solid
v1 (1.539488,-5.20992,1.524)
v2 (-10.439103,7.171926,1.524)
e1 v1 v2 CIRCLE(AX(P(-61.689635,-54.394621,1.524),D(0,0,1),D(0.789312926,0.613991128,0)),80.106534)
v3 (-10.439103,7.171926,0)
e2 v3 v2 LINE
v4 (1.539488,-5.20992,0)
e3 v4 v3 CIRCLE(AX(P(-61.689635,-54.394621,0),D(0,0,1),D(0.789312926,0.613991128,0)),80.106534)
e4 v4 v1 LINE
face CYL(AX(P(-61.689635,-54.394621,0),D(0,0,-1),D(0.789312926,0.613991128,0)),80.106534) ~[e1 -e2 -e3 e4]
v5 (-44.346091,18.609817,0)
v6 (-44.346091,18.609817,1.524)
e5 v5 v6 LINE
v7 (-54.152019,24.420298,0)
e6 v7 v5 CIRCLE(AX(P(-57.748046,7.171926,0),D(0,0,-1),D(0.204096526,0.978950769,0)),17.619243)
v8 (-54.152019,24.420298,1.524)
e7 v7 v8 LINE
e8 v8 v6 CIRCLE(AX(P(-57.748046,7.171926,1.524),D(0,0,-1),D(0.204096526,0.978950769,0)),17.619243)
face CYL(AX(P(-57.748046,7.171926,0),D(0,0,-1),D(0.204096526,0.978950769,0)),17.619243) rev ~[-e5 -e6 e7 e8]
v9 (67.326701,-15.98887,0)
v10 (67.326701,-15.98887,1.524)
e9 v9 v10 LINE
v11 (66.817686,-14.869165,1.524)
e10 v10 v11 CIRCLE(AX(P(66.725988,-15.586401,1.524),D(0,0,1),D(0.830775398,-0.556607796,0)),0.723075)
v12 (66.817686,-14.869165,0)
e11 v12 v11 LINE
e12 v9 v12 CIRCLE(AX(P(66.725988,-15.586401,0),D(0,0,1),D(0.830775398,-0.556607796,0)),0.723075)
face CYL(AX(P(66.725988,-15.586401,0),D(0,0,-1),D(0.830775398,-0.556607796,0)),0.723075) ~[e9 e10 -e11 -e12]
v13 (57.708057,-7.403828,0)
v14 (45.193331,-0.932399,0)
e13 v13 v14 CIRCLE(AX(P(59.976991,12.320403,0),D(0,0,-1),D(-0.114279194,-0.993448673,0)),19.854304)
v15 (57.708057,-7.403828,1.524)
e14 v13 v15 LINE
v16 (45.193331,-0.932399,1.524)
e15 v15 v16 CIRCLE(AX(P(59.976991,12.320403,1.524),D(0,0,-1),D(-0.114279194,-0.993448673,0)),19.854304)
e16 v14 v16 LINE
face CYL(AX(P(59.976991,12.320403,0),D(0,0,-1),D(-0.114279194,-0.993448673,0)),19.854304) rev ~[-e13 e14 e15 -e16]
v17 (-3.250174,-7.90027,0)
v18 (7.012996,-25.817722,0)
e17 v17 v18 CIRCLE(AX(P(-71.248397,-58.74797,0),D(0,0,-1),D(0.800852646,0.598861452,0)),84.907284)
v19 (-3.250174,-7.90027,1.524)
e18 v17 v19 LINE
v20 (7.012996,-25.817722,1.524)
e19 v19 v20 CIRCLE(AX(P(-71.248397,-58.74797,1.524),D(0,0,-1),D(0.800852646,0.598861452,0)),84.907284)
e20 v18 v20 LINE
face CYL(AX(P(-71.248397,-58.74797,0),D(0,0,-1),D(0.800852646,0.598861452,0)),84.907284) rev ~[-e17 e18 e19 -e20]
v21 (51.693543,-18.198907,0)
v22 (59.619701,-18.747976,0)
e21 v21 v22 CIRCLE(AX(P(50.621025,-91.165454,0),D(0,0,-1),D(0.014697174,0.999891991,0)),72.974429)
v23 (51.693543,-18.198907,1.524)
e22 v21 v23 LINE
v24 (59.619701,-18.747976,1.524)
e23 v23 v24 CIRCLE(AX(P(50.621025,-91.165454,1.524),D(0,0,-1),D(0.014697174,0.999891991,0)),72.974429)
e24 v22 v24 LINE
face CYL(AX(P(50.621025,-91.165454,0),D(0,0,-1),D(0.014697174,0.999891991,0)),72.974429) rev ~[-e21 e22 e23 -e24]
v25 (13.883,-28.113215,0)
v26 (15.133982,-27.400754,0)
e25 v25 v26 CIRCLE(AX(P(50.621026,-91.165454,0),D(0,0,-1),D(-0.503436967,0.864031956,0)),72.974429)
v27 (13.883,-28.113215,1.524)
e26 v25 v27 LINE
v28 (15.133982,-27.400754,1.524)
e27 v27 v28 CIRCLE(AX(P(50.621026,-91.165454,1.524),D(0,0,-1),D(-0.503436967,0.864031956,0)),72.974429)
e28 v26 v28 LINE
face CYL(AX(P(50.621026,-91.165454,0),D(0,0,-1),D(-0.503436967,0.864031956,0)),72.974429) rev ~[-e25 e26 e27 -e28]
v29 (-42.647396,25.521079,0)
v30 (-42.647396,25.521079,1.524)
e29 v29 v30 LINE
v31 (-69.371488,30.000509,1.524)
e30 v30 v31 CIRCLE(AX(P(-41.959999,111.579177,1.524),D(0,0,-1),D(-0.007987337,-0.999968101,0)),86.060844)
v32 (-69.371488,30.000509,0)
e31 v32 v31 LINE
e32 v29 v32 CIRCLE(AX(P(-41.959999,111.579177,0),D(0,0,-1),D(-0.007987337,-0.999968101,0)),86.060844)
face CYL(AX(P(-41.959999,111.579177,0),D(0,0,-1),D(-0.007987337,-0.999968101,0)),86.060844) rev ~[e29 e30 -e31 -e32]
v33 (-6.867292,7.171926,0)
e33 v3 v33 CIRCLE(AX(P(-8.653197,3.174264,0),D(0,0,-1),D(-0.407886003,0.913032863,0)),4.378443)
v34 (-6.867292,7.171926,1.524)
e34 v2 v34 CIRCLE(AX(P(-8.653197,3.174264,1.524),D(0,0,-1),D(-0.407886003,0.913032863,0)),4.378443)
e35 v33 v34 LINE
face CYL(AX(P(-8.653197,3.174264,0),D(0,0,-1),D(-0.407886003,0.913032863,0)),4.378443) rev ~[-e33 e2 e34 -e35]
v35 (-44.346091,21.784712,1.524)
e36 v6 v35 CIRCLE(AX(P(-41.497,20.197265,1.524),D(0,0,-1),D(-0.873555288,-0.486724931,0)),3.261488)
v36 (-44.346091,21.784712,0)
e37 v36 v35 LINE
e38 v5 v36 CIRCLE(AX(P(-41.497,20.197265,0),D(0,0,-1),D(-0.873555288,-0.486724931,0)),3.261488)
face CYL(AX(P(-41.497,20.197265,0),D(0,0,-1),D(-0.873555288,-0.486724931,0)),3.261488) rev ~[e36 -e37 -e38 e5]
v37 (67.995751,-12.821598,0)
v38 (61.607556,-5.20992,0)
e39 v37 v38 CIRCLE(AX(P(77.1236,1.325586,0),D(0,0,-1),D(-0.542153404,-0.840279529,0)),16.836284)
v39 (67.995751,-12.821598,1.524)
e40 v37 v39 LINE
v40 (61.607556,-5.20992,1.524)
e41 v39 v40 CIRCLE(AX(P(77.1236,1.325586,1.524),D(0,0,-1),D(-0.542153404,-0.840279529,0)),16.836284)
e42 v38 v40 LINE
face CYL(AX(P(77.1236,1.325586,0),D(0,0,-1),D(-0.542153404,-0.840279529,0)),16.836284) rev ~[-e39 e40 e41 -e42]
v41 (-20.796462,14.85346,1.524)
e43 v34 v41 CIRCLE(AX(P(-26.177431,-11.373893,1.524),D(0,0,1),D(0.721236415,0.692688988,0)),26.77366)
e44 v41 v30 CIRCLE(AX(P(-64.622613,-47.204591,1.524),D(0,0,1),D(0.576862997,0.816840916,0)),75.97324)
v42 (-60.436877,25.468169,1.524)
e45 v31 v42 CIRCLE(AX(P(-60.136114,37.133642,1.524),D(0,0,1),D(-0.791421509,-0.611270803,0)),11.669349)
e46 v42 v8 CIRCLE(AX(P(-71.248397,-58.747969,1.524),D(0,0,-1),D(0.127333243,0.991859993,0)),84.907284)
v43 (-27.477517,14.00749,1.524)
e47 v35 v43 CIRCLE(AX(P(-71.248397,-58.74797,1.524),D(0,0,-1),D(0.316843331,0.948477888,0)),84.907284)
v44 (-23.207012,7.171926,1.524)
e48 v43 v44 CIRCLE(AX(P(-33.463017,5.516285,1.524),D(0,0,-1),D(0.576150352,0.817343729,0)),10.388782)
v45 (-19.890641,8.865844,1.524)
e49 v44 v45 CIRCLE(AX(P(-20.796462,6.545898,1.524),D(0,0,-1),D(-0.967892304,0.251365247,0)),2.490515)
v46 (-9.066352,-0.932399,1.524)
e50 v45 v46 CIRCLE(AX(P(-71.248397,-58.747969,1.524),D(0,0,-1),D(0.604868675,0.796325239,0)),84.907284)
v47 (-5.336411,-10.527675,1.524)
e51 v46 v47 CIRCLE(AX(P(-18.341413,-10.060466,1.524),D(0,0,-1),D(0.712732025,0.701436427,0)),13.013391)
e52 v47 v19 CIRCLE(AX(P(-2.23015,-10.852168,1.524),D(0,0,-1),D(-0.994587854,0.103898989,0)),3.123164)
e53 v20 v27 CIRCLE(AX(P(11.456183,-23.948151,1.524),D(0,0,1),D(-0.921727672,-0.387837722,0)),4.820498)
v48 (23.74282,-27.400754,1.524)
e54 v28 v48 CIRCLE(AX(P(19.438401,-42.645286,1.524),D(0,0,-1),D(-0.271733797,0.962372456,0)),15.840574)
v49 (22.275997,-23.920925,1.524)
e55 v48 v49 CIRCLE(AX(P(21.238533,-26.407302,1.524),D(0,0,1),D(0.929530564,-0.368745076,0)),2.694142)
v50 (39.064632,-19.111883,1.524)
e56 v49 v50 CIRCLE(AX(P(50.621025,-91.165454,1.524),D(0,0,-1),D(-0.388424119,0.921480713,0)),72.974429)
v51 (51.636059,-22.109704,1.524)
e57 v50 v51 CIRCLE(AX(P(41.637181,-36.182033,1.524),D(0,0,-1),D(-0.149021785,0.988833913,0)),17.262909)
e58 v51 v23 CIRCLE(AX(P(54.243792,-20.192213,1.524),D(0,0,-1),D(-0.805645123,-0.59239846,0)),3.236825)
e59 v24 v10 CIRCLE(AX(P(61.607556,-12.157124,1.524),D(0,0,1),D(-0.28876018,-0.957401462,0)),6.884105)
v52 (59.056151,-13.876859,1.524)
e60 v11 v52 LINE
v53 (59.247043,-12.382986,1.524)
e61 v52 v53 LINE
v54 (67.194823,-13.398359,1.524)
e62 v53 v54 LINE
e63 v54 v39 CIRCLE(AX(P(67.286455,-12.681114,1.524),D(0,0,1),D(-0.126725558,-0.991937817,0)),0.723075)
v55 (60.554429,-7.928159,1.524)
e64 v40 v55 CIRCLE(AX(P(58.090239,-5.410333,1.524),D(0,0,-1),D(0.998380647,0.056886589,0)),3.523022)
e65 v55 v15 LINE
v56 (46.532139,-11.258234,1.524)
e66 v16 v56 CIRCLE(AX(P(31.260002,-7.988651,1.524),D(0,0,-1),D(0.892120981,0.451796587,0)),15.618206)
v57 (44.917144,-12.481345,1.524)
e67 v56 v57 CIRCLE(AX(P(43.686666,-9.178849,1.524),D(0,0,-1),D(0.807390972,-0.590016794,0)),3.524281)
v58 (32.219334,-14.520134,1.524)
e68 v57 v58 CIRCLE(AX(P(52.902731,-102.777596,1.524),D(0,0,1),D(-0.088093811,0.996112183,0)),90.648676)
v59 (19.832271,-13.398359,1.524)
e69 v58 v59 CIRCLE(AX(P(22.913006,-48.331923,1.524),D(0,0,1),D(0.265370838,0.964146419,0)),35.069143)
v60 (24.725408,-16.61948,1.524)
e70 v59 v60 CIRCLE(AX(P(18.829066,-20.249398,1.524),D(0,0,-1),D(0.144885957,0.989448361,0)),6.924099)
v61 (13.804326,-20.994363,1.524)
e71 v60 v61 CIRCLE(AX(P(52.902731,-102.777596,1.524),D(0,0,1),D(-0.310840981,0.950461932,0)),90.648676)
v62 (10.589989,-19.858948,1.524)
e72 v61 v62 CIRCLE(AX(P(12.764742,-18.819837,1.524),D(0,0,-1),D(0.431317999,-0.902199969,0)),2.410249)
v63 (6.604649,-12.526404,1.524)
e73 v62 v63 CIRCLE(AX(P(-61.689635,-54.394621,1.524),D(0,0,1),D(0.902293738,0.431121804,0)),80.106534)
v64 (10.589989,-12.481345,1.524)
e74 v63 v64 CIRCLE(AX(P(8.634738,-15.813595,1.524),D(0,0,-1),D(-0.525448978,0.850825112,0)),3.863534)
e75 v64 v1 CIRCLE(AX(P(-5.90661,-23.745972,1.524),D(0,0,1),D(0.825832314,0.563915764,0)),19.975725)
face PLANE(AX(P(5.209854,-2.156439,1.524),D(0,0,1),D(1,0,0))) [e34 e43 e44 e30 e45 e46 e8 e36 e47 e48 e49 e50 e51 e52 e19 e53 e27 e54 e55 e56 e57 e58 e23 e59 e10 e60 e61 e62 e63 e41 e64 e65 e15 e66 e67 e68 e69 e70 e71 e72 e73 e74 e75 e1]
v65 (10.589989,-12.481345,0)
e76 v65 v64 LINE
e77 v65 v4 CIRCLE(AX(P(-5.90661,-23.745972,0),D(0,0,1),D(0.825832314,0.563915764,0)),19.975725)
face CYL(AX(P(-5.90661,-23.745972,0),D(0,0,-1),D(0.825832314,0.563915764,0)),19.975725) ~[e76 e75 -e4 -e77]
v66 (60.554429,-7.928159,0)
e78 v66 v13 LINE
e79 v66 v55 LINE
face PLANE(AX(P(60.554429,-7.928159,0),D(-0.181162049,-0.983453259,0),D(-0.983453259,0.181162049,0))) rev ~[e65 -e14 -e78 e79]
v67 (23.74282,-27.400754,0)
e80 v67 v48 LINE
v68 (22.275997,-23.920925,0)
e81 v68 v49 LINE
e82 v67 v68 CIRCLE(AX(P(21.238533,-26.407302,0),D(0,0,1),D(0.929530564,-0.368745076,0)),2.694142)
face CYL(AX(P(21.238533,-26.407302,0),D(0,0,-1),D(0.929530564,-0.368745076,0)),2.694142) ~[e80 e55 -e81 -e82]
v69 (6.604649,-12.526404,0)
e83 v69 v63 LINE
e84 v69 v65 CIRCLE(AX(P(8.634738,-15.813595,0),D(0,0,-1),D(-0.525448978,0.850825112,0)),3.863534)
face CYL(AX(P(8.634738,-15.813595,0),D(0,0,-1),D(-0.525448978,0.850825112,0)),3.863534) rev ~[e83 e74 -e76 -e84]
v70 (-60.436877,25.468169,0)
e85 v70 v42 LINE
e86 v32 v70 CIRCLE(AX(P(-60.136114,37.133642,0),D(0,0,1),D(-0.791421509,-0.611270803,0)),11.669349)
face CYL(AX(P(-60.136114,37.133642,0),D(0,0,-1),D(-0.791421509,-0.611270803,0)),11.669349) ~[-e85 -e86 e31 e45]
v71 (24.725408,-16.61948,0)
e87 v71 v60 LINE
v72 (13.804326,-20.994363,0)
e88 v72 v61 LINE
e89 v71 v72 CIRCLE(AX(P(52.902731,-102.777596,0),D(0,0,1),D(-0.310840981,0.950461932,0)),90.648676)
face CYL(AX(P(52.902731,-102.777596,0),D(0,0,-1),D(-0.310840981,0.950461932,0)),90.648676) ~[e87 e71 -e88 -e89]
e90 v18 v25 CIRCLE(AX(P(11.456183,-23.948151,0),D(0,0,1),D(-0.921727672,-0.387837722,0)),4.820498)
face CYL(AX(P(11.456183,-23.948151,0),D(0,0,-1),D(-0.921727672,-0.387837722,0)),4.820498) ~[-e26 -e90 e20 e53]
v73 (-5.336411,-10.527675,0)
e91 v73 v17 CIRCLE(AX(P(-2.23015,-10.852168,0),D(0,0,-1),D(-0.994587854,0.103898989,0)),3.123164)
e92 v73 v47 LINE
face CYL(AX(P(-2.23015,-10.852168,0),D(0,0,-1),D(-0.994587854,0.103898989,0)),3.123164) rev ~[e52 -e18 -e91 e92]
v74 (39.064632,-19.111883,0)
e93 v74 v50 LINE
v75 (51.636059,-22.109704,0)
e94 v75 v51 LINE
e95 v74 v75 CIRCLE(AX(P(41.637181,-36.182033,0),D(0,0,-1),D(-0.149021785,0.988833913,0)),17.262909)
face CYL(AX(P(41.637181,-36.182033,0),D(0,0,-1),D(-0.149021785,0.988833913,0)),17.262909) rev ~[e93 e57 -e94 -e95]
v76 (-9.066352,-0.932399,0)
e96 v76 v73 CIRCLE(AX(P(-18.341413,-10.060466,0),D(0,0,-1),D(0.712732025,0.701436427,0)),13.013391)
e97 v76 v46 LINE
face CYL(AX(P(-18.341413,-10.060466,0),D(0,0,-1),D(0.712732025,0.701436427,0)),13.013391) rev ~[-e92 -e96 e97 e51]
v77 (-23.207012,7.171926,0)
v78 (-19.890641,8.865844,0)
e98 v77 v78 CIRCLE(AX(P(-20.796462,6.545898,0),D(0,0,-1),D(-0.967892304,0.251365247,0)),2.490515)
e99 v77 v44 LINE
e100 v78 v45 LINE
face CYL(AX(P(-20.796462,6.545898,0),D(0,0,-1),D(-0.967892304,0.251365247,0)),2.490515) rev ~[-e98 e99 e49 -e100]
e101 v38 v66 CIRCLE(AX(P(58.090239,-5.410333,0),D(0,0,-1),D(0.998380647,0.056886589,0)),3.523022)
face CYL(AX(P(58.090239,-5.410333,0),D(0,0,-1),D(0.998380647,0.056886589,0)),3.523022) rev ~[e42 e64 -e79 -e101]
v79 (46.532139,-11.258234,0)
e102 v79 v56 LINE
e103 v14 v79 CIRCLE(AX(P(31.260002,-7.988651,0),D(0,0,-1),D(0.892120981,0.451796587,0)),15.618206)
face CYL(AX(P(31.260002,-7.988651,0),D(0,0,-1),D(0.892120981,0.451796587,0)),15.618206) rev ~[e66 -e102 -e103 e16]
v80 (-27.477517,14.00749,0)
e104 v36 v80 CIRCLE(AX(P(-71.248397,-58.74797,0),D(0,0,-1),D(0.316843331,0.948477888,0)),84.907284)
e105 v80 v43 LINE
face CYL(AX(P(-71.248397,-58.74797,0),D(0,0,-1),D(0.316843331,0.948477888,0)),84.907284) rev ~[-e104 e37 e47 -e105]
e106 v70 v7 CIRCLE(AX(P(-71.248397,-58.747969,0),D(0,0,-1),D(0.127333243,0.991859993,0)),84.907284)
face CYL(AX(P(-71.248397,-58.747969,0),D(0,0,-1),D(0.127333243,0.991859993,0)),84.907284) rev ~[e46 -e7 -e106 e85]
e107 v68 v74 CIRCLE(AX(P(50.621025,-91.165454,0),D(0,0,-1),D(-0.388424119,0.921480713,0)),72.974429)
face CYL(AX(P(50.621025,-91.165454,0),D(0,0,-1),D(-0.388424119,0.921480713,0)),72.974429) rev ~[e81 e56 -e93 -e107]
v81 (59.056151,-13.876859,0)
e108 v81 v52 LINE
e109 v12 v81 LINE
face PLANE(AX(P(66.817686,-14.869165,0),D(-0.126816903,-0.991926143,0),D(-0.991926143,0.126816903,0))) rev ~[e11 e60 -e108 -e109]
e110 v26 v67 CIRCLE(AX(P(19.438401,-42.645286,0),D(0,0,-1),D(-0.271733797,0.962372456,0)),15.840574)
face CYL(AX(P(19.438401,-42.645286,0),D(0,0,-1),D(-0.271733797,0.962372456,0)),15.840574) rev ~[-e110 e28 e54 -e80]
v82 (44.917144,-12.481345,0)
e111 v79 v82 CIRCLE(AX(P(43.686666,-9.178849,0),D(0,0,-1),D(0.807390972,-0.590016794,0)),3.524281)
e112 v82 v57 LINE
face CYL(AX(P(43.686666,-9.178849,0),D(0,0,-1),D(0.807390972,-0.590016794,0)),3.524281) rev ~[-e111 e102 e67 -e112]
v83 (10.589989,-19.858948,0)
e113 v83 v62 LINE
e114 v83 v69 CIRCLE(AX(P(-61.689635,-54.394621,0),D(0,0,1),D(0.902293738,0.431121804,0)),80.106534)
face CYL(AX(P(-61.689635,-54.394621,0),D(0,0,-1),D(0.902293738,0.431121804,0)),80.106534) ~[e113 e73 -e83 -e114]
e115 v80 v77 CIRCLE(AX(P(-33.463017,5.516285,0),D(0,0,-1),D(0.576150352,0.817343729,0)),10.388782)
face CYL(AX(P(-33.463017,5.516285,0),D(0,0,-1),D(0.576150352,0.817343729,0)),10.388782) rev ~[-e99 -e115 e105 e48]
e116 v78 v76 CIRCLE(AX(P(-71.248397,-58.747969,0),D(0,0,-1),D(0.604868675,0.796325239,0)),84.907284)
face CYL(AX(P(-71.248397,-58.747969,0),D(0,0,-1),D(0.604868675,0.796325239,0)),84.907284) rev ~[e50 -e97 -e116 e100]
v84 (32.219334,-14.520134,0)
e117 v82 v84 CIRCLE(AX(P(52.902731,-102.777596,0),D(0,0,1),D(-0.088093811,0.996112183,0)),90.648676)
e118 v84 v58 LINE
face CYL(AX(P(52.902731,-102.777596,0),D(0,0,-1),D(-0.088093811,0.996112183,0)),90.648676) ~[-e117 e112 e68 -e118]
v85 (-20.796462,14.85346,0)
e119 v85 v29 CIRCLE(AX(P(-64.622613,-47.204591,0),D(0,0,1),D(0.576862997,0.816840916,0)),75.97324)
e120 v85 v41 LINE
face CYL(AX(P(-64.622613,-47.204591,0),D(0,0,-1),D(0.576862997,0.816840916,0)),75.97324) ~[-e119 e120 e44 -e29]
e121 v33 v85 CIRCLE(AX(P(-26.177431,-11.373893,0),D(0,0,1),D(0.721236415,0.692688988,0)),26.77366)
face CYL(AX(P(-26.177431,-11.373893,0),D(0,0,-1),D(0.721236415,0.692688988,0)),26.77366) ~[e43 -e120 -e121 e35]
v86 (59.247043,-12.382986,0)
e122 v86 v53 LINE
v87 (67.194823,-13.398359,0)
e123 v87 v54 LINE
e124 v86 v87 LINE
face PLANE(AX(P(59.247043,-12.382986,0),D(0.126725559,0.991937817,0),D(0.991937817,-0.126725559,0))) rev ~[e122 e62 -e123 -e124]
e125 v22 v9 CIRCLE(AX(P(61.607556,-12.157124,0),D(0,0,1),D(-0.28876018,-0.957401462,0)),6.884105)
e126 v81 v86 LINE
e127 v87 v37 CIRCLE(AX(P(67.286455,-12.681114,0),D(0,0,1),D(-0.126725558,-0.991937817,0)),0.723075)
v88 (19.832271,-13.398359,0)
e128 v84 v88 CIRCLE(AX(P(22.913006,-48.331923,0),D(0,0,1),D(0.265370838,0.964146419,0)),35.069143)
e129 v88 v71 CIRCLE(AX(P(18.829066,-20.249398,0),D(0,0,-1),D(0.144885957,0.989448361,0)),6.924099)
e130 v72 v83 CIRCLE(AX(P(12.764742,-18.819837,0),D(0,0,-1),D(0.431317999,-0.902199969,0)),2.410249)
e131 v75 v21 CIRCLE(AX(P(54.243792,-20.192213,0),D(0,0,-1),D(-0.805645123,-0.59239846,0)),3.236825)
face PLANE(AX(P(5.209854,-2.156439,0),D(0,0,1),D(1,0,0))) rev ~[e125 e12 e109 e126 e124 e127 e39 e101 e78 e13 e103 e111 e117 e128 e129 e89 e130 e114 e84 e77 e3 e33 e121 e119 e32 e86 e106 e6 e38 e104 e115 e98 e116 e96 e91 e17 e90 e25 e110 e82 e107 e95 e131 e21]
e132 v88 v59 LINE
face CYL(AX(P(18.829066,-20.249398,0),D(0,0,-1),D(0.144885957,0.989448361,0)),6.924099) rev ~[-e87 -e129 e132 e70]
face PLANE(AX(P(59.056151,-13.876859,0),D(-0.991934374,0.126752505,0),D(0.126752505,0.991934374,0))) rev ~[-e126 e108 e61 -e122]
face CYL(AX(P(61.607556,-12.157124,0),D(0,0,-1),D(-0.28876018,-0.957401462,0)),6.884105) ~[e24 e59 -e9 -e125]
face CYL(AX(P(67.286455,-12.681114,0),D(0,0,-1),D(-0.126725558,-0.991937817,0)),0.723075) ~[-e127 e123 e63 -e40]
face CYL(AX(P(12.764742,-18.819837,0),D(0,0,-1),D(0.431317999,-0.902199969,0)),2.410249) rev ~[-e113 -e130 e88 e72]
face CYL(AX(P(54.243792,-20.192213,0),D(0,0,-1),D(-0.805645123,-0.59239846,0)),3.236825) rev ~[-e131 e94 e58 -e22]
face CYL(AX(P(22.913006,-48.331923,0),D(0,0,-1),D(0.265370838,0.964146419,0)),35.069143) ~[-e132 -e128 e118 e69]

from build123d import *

# Parameters (mm, degrees)
BOSS_EXTRUDE1_DEPTH = 1.524


with BuildPart() as part:
    # Sketch1 → Boss-Extrude1 (new body)
    with BuildSketch(Plane.XY):
        with BuildLine():
            Line((66.817686168, -14.869164569), (59.056150877, -13.876858964))
            Line((59.056150877, -13.876858964), (59.247042617, -12.382986483))
            Line((59.247042617, -12.382986483), (67.194822679, -13.398359477))
            ThreePointArc((67.194822679, -13.398359477), (67.70899541, -13.26788211), (67.995751093, -12.821598434))
            ThreePointArc((67.995751093, -12.821598434), (64.227291304, -9.497799736), (61.607555958, -5.209919876))
            ThreePointArc((61.607555958, -5.209919876), (61.375328576, -6.683073901), (60.554429435, -7.928159013))
            Line((60.554429435, -7.928159013), (57.70805725, -7.403828432))
            ThreePointArc((57.70805725, -7.403828432), (50.857364323, -5.31551987), (45.193330731, -0.93239887))
            ThreePointArc((45.193330731, -0.93239887), (46.74856309, -5.980463476), (46.532138914, -11.258234267))
            ThreePointArc((46.532138914, -11.258234267), (45.814421681, -11.988335606), (44.917143983, -12.481345467))
            ThreePointArc((44.917143983, -12.481345467), (38.532037538, -13.275274102), (32.219333695, -14.520134408))
            ThreePointArc((32.219333695, -14.520134408), (26.075931145, -13.405705196), (19.832270887, -13.398359477))
            ThreePointArc((19.832270887, -13.398359477), (22.636275156, -14.465946733), (24.725407976, -16.619480236))
            ThreePointArc((24.725407976, -16.619480236), (19.193818209, -18.629561925), (13.804325827, -20.994363314))
            ThreePointArc((13.804325827, -20.994363314), (11.961969019, -21.092468706), (10.589989147, -19.858947525))
            ThreePointArc((10.589989147, -19.858947525), (8.692873036, -16.140740523), (6.604648633, -12.52640356))
            ThreePointArc((6.604648633, -12.52640356), (8.591060293, -11.950308262), (10.589989147, -12.481345467))
            ThreePointArc((10.589989147, -12.481345467), (6.604648633, -8.173624539), (1.539487899, -5.209919876))
            ThreePointArc((1.539487899, -5.209919876), (-4.115983201, 1.303955497), (-10.439102907, 7.171926434))
            ThreePointArc((-10.439102907, 7.171926434), (-8.653197321, 7.552707081), (-6.867291735, 7.171926434))
            ThreePointArc((-6.867291735, 7.171926434), (-13.248231641, 12.071035928), (-20.796462113, 14.853460169))
            ThreePointArc((-20.796462113, 14.853460169), (-31.29237864, 21.067135925), (-42.647396117, 25.521078925))
            ThreePointArc((-42.647396117, 25.521078925), (-56.186845853, 26.702409902), (-69.371487811, 30.000509128))
            ThreePointArc((-69.371487811, 30.000509128), (-65.415318989, 26.726735017), (-60.436877471, 25.468168876))
            ThreePointArc((-60.436877471, 25.468168876), (-57.284615578, 25.003207948), (-54.152019191, 24.420298363))
            ThreePointArc((-54.152019191, 24.420298363), (-48.766215804, 22.329910268), (-44.346090572, 18.609817064))
            ThreePointArc((-44.346090572, 18.609817064), (-44.75848849, 20.197264615), (-44.346090572, 21.784712166))
            ThreePointArc((-44.346090572, 21.784712166), (-35.698486655, 18.358779729), (-27.477516693, 14.007490327))
            ThreePointArc((-27.477516693, 14.007490327), (-24.652349792, 11.020731115), (-23.207012071, 7.171926434))
            ThreePointArc((-23.207012071, 7.171926434), (-21.929330632, 8.763840822), (-19.890640696, 8.865843888))
            ThreePointArc((-19.890640696, 8.865843888), (-14.26749676, 4.199817582), (-9.066352318, -0.93239887))
            ThreePointArc((-9.066352318, -0.93239887), (-6.212207546, -5.345518339), (-5.336411329, -10.527674919))
            ThreePointArc((-5.336411329, -10.527674919), (-4.676038807, -8.910060646), (-3.250173943, -7.900269978))
            ThreePointArc((-3.250173943, -7.900269978), (2.428109507, -16.545845472), (7.012996253, -25.817721879))
            ThreePointArc((7.012996253, -25.817721879), (9.928518411, -28.520179408), (13.883000235, -28.113215463))
            ThreePointArc((13.883000235, -28.113215463), (14.506734037, -27.753899557), (15.133981782, -27.400753634))
            ThreePointArc((15.133981782, -27.400753634), (19.438401061, -26.804711741), (23.74282034, -27.400753634))
            ThreePointArc((23.74282034, -27.400753634), (23.721132898, -25.36083225), (22.275997143, -23.920925222))
            ThreePointArc((22.275997143, -23.920925222), (30.525936774, -21.012373591), (39.064631831, -19.111883331))
            ThreePointArc((39.064631831, -19.111883331), (45.641469135, -19.389960489), (51.636059466, -22.1097036))
            ThreePointArc((51.636059466, -22.1097036), (51.007316283, -20.144641068), (51.693543332, -18.19890697))
            ThreePointArc((51.693543332, -18.19890697), (55.664100075, -18.365490547), (59.619700642, -18.74797596))
            ThreePointArc((59.619700642, -18.74797596), (63.927856855, -18.638412611), (67.326700796, -15.988870395))
            ThreePointArc((67.326700796, -15.988870395), (67.384238378, -15.287162887), (66.817686168, -14.869164569))
        make_face()
    extrude(amount=BOSS_EXTRUDE1_DEPTH)


solid = part.part
